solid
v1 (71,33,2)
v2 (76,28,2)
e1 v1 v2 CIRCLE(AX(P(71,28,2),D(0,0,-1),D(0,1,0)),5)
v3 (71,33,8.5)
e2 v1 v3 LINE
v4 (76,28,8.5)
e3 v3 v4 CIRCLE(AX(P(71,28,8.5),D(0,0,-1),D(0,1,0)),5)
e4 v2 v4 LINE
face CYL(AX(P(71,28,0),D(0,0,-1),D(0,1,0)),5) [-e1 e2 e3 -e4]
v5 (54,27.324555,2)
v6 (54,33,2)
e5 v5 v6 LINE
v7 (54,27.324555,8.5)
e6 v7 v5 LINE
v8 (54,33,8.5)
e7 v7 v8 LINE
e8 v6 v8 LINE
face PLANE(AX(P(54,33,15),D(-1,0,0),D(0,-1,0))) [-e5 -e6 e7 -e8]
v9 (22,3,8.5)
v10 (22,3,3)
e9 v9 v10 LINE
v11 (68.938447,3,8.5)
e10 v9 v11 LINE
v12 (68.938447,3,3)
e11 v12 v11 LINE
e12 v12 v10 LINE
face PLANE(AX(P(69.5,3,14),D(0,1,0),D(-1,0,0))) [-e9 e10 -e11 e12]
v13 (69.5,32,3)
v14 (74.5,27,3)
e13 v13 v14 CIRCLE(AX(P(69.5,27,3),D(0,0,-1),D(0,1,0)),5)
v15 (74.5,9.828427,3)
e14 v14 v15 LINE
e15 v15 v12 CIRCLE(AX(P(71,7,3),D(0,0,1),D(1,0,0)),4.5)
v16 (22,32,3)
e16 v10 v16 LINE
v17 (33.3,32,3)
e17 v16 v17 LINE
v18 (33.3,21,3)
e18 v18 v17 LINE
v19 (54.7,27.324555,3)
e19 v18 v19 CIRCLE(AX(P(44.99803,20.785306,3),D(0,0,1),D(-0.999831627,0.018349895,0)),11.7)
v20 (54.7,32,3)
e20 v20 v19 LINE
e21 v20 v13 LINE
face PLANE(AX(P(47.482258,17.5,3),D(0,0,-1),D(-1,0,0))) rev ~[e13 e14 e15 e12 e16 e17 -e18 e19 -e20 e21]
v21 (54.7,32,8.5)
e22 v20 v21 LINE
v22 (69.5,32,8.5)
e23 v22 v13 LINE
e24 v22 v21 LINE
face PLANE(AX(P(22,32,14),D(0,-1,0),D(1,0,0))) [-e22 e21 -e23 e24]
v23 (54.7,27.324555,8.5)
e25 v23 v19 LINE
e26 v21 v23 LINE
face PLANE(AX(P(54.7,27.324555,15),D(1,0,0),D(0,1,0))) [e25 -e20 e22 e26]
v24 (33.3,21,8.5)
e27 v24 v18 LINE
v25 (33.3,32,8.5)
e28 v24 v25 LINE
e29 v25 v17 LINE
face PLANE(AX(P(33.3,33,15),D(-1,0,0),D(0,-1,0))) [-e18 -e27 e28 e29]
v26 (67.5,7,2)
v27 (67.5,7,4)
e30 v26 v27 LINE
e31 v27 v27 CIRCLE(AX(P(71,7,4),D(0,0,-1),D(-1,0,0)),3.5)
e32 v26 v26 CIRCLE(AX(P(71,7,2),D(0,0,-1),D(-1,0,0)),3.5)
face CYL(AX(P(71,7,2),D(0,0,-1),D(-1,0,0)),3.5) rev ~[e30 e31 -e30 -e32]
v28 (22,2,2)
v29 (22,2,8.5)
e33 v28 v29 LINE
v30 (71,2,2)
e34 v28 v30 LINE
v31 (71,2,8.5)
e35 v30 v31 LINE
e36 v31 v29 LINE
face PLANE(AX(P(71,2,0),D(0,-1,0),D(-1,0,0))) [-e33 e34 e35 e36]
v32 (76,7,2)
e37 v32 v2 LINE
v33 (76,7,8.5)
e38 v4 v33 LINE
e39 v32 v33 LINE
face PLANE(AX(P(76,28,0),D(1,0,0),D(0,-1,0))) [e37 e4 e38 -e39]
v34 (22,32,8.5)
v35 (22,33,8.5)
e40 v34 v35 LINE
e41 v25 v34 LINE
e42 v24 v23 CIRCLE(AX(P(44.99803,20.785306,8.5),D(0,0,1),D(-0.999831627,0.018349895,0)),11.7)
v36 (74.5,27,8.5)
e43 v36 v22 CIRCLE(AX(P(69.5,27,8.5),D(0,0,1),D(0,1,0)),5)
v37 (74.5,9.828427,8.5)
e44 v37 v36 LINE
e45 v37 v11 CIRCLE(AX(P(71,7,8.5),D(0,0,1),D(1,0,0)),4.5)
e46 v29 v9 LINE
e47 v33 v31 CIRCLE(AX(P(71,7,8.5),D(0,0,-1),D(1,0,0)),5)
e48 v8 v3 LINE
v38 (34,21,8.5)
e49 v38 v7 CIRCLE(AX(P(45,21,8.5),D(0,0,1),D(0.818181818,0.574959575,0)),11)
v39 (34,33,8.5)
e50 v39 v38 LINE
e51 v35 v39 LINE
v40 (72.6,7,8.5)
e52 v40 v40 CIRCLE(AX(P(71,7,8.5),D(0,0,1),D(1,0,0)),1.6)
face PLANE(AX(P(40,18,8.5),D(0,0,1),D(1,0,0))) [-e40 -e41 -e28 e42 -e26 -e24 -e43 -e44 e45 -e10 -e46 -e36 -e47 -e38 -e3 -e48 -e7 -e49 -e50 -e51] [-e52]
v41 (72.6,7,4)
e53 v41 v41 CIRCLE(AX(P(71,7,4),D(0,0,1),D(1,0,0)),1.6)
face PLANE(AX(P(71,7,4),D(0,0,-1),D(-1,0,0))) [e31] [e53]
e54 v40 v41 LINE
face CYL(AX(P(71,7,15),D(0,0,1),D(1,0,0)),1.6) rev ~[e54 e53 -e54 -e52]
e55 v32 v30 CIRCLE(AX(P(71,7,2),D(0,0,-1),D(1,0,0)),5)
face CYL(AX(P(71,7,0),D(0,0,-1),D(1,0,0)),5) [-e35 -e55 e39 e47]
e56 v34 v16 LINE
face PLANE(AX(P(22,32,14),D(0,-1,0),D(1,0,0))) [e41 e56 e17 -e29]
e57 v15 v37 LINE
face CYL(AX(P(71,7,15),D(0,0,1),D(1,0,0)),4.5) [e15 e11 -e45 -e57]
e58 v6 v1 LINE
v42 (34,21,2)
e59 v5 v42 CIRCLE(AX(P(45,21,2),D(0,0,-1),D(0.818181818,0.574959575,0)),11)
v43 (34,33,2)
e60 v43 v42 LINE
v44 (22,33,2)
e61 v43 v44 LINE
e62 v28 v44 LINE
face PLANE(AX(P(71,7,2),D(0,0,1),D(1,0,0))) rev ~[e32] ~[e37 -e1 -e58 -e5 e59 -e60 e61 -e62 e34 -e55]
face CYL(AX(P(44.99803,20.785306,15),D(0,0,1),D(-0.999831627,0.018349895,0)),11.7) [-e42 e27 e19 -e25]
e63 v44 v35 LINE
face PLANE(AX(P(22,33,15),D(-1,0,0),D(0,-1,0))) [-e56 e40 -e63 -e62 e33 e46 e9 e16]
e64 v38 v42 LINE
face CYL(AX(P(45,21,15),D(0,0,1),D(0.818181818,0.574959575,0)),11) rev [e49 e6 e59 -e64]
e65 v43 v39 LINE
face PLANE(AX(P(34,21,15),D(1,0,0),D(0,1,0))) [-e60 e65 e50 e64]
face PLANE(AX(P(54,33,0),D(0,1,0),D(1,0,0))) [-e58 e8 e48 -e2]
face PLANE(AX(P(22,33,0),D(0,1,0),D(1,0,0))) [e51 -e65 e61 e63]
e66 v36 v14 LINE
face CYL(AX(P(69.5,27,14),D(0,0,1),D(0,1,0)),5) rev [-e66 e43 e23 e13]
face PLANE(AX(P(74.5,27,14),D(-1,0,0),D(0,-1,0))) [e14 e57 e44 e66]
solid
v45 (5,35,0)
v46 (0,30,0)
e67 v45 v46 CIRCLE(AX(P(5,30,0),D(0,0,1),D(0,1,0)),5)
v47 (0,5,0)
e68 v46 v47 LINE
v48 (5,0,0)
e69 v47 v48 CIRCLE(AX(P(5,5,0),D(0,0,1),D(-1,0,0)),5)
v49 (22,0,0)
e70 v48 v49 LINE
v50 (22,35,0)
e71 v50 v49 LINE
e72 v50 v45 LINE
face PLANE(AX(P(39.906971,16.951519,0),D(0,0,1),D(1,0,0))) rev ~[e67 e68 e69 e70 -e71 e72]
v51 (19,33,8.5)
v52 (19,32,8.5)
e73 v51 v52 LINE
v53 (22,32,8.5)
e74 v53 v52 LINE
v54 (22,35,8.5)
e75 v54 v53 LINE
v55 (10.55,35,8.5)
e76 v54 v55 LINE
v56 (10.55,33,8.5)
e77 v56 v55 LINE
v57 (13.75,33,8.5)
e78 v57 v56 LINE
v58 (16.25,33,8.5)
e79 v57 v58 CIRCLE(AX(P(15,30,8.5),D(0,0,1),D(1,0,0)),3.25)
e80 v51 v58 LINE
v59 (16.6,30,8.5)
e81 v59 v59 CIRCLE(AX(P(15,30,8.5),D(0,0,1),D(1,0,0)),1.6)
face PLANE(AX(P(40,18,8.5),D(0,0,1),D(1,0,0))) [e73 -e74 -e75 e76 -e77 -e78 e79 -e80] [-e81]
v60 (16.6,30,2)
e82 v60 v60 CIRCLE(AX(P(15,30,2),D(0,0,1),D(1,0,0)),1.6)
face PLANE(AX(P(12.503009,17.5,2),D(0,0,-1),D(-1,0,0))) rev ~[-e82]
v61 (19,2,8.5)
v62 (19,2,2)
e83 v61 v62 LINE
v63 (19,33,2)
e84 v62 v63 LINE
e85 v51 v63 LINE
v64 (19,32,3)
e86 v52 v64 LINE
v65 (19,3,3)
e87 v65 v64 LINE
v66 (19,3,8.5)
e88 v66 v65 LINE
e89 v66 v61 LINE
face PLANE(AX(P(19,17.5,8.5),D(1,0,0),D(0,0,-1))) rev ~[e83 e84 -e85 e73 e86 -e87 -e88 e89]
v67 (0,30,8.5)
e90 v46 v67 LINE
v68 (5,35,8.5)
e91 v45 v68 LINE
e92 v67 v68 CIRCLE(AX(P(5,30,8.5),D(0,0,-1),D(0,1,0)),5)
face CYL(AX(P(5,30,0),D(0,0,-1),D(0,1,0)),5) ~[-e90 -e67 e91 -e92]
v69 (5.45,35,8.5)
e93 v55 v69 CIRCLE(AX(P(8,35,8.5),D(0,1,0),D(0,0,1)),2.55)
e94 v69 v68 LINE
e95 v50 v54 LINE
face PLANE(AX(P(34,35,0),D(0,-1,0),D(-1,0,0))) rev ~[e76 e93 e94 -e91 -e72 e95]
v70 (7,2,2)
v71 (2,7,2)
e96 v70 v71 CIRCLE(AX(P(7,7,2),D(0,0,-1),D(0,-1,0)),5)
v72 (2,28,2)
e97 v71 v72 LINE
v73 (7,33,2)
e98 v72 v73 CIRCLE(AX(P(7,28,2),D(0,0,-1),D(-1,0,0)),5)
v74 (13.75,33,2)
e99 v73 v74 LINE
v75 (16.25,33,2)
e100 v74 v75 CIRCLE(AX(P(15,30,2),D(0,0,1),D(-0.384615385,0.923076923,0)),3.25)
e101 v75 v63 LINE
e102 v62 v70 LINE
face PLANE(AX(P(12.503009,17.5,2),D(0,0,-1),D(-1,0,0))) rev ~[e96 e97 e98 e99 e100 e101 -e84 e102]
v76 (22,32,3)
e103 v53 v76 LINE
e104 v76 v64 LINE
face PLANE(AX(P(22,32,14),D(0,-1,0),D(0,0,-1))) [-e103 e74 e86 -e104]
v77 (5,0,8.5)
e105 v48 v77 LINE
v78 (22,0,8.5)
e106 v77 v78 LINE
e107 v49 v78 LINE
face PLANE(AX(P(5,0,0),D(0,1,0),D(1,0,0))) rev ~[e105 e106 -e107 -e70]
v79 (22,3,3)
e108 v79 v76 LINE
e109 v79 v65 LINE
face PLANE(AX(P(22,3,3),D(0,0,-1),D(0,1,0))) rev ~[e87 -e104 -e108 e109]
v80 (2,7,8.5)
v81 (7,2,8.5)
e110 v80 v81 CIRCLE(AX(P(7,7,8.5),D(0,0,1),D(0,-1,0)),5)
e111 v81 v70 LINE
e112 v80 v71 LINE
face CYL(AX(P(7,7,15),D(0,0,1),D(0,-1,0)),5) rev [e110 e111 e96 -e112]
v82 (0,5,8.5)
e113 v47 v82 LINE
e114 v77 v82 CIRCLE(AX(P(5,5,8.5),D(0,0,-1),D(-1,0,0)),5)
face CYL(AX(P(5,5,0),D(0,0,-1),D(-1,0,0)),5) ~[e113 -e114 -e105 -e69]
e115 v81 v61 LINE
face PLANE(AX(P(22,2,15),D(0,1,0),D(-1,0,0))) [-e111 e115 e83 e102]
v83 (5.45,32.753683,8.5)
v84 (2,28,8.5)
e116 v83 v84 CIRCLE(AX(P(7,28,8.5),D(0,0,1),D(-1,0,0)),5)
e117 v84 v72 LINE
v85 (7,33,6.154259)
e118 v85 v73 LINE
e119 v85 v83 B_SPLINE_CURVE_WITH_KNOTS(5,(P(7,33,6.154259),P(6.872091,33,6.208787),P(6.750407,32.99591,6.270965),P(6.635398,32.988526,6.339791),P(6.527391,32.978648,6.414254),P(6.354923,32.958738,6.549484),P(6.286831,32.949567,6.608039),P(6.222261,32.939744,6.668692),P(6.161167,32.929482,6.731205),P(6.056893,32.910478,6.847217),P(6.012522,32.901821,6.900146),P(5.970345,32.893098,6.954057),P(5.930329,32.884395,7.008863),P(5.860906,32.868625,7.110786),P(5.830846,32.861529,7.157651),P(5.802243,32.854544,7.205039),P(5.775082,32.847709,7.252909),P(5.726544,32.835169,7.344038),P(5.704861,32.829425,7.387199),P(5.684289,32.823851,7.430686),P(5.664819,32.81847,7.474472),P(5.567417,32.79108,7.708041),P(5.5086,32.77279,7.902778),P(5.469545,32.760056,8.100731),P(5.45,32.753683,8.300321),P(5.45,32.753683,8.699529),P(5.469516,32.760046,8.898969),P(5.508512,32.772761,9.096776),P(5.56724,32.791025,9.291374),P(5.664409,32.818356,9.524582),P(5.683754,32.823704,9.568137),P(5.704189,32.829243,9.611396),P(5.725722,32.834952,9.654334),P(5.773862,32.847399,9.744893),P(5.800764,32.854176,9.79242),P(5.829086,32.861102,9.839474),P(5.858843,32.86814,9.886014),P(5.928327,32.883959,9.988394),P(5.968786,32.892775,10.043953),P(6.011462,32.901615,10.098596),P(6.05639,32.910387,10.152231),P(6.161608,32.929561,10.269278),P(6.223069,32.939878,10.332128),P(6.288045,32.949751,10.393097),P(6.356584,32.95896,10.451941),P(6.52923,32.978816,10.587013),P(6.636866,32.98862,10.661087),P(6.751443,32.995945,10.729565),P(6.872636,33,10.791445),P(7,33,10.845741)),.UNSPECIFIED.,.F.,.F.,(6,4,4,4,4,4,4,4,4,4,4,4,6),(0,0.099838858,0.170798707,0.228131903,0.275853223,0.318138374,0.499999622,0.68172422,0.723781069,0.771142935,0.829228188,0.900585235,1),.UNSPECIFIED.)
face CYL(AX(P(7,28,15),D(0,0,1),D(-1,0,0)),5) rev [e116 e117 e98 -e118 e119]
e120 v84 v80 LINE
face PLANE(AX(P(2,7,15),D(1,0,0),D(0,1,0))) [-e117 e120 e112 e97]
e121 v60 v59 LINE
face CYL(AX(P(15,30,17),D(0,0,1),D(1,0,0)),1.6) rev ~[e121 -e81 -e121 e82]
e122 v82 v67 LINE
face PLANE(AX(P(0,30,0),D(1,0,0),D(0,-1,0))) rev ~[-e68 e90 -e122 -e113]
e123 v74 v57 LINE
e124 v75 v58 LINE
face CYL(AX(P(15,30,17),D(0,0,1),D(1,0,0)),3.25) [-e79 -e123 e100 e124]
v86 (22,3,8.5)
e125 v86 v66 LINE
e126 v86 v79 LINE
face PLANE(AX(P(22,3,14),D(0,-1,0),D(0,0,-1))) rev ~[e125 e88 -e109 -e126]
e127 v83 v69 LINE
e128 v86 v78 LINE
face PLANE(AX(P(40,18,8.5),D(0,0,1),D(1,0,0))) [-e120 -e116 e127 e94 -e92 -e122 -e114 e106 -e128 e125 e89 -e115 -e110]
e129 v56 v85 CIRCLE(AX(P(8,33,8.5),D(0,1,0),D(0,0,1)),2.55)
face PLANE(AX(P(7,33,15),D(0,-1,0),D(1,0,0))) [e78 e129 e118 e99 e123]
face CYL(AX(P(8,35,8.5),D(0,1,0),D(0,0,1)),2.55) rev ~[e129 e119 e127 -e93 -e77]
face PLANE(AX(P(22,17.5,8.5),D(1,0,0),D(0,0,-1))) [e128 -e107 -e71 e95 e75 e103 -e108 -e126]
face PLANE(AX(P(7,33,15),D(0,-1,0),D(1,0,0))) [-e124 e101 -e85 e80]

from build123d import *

# Parameters (mm, degrees)
BOSS_EXTRUDE1_DEPTH  = 17
CUT_EXTRUDE1_START   = -17
SKETCH3_W            = 12
SKETCH3_H            = 2
CUT_EXTRUDE1_DEPTH   = 17
CUT_EXTRUDE2_START   = -2
CUT_EXTRUDE2_DEPTH   = 2
SKETCH5_W            = 60
SKETCH5_H            = 35
CUT_EXTRUDE3_DEPTH   = 2
CUT_EXTRUDE4_DEPTH   = 11
CUT_EXTRUDE11_DEPTH  = 13
BOSS_EXTRUDE2_DEPTH  = 2
SKETCH13_R           = 2.5
CUT_EXTRUDE12_DEPTH  = 5
SKETCH14_R           = 2.55
CUT_EXTRUDE14_DEPTH  = 15
BOSS_EXTRUDE5_REACH  = 87.381
SKETCH15_R           = 3.25
SKETCH15_R_2         = 1.6
SKETCH15_4_R         = 3.25
SKETCH15_4_R_2       = 1.6
CUT_EXTRUDE16_DEPTH  = 1
SKETCH18_R           = 1.6
CUT_EXTRUDE17_DEPTH  = 15
SKETCH20_R           = 4.5
SKETCH20_R_2         = 1.6
BOSS_EXTRUDE6_DEPTH  = 13
SKETCH20_3_R         = 1.6
CUT_EXTRUDE20_DEPTH  = 86.005882191
SKETCH22_W           = 13
SKETCH22_H           = 31
SKETCH22_W_2         = 11
SKETCH22_H_2         = 29
BOSS_EXTRUDE7_DEPTH  = 3
SKETCH21_R           = 3.5
CUT_EXTRUDE21_DEPTH  = 2
SKETCH29_R           = 3.5
CUT_EXTRUDE22_DEPTH  = 2.5
BOSS_EXTRUDE10_DEPTH = 13
SKETCH24_W           = 80
SKETCH24_H           = 36
CUT_EXTRUDE23_DEPTH  = 10


with BuildPart() as part:
    # Sketch1 → Boss-Extrude1 (new body)
    with BuildSketch(Plane.XY):
        with BuildLine():
            ThreePointArc((0, 5), (1.464466094, 1.464466094), (5, 0))
            Line((5, 0), (73, 0))
            ThreePointArc((73, 0), (76.535533906, 1.464466094), (78, 5))
            Line((78, 5), (78, 30))
            ThreePointArc((78, 30), (76.535533906, 33.535533906), (73, 35))
            Line((73, 35), (54, 35))
            Line((54, 35), (54, 27.32455532))
            ThreePointArc((54, 27.32455532), (48.31662479, 10.511911518), (34, 21))
            Line((34, 21), (34, 35))
            Line((34, 35), (5, 35))
            ThreePointArc((5, 35), (1.464466094, 33.535533906), (0, 30))
            Line((0, 30), (0, 5))
        make_face()
    extrude(amount=BOSS_EXTRUDE1_DEPTH)

    # Sketch3 → Cut-Extrude1 (cut)
    with BuildSketch(Plane.XY.offset(17).offset(CUT_EXTRUDE1_START)):
        with Locations((28, 34)):
            Rectangle(SKETCH3_W, SKETCH3_H)
        with BuildLine():
            Line((54, 33), (71, 33))
            ThreePointArc((71, 33), (74.535533906, 31.535533906), (76, 28))
            Line((76, 28), (76, 7))
            ThreePointArc((76, 7), (74.535533906, 3.464466094), (71, 2))
            Line((71, 2), (22, 2))
            Line((22, 2), (22, 0))
            Line((22, 0), (73, 0))
            ThreePointArc((73, 0), (76.535533906, 1.464466094), (78, 5))
            Line((78, 5), (78, 30))
            ThreePointArc((78, 30), (76.535533906, 33.535533906), (73, 35))
            Line((73, 35), (54, 35))
            Line((54, 35), (54, 33))
        make_face()
    extrude(amount=CUT_EXTRUDE1_DEPTH, mode=Mode.SUBTRACT)

    # Sketch3<3> → Cut-Extrude2 (cut)
    with BuildSketch(Plane.XY.offset(17).offset(CUT_EXTRUDE2_START)):
        with BuildLine():
            ThreePointArc((76, 28), (74.535533906, 31.535533906), (71, 33))
            Line((71, 33), (54, 33))
            Line((54, 33), (54, 27.32455532))
            ThreePointArc((54, 27.32455532), (48.31662479, 10.511911518), (34, 21))
            Line((34, 21), (34, 33))
            Line((34, 33), (22, 33))
            Line((22, 33), (22, 2))
            Line((22, 2), (71, 2))
            ThreePointArc((71, 2), (74.535533906, 3.464466094), (76, 7))
            Line((76, 7), (76, 28))
        make_face()
    extrude(amount=CUT_EXTRUDE2_DEPTH, mode=Mode.SUBTRACT)

    # Sketch5 → Cut-Extrude3 (cut)
    with BuildSketch(Plane(origin=(0, 0, 0), x_dir=(-1, 0, 0), z_dir=(0, 0, -1))):
        with Locations((-52, 15.5)):
            Rectangle(SKETCH5_W, SKETCH5_H)
    extrude(amount=-CUT_EXTRUDE3_DEPTH, mode=Mode.SUBTRACT)

    # Sketch6 → Cut-Extrude4 (cut)
    with BuildSketch(Plane.XY.offset(14)):
        with BuildLine():
            Line((22, 32), (69.5, 32))
            ThreePointArc((69.5, 32), (73.035533906, 30.535533906), (74.5, 27))
            Line((74.5, 27), (74.5, 8))
            ThreePointArc((74.5, 8), (73.035533906, 4.464466094), (69.5, 3))
            Line((69.5, 3), (22, 3))
            Line((22, 3), (22, 32))
        make_face()
    extrude(amount=-CUT_EXTRUDE4_DEPTH, mode=Mode.SUBTRACT)

    # Sketch11 → Cut-Extrude11 (cut)
    with BuildSketch(Plane.XY.offset(15)):
        with BuildLine():
            Line((22, 2), (7, 2))
            ThreePointArc((7, 2), (3.464466094, 3.464466094), (2, 7))
            Line((2, 7), (2, 28))
            ThreePointArc((2, 28), (3.464466094, 31.535533906), (7, 33))
            Line((7, 33), (22, 33))
            Line((22, 33), (22, 2))
        make_face()
    extrude(amount=-CUT_EXTRUDE11_DEPTH, mode=Mode.SUBTRACT)


with BuildPart() as cut_extrude11_piece_1:
    # of the separate pieces the step leaves, piece 1, a body of its own (cut_extrude11_pieces)
    add(part.part.solids().sort_by_distance((0, 30, 0))[0])

    # Sketch13 → Cut-Extrude12 (cut)
    with BuildSketch(Plane.XY.offset(17)):
        with Locations((5, 7)):
            Circle(SKETCH13_R)
    extrude(amount=-CUT_EXTRUDE12_DEPTH, mode=Mode.SUBTRACT)

    # Sketch14 → Cut-Extrude14 (cut)
    with BuildSketch(Plane(origin=(0, 35, 0), x_dir=(1, 0, 0), z_dir=(0, 1, 0))):
        with Locations(Location((8, -8.5, 0), (0, 0, 270))):
            Circle(SKETCH14_R)
    extrude(amount=-CUT_EXTRUDE14_DEPTH, mode=Mode.SUBTRACT)

    # Sketch15 → Boss-Extrude5 (add, up to next)
    with BuildSketch(Plane.XY.offset(17), mode=Mode.PRIVATE) as boss_extrude5_sk1:
        with Locations((15, 30)):
            Circle(SKETCH15_R)
        with Locations((15, 30)):
            Circle(SKETCH15_R_2, mode=Mode.SUBTRACT)
    boss_extrude5_tool1 = extrude(boss_extrude5_sk1.sketch, amount=-BOSS_EXTRUDE5_REACH, mode=Mode.PRIVATE) - cut_extrude11_piece_1.part
    add(boss_extrude5_tool1.solids().sort_by_distance((11.841924, 30, 17))[0])

    # Sketch15<4> → Cut-Extrude16 (cut)
    with BuildSketch(Plane.XY.offset(17)):
        with Locations((15, 30)):
            Circle(SKETCH15_4_R)
        with Locations((15, 30)):
            Circle(SKETCH15_4_R_2, mode=Mode.SUBTRACT)
    extrude(amount=-CUT_EXTRUDE16_DEPTH, mode=Mode.SUBTRACT)

    # Sketch18 → Cut-Extrude17 (cut)
    with BuildSketch(Plane.XY.offset(17)):
        with Locations((15, 30)):
            Circle(SKETCH18_R)
    extrude(amount=-CUT_EXTRUDE17_DEPTH, mode=Mode.SUBTRACT)

    # Sketch22 → Boss-Extrude7 (add)
    with BuildSketch(Plane(origin=(22, 0, 0), x_dir=(0, 0, -1), z_dir=(1, 0, 0))):
        with Locations((-8.5, 17.5)):
            Rectangle(SKETCH22_W, SKETCH22_H)
        with Locations((-8.5, 17.5)):
            Rectangle(SKETCH22_W_2, SKETCH22_H_2, mode=Mode.SUBTRACT)
    extrude(amount=-BOSS_EXTRUDE7_DEPTH)


with BuildPart() as cut_extrude11_piece_2:
    # of the separate pieces the step leaves, piece 2, a body of its own (cut_extrude11_pieces)
    add(part.part.solids().sort_by_distance((34, 33, 2))[0])

    # Sketch12 → Boss-Extrude2 (add)
    with BuildSketch(Plane.XY.offset(15)):
        with BuildLine():
            Line((39.5, 5.75), (40.7, 5.75))
            ThreePointArc((40.7, 5.75), (41.053553391, 5.603553391), (41.2, 5.25))
            Line((41.2, 5.25), (41.2, 4.75))
            ThreePointArc((41.2, 4.75), (41.053553391, 4.396446609), (40.7, 4.25))
            Line((40.7, 4.25), (39.5, 4.25))
            ThreePointArc((39.5, 4.25), (39.146446609, 4.396446609), (39, 4.75))
            Line((39, 4.75), (39, 5.25))
            ThreePointArc((39, 5.25), (39.146446609, 5.603553391), (39.5, 5.75))
        make_face()
    extrude(amount=BOSS_EXTRUDE2_DEPTH)

    # Sketch20 → Boss-Extrude6 (add)
    with BuildSketch(Plane.XY.offset(15)):
        with Locations((71, 7)):
            Circle(SKETCH20_R)
        with Locations((71, 7)):
            Circle(SKETCH20_R_2, mode=Mode.SUBTRACT)
    extrude(amount=-BOSS_EXTRUDE6_DEPTH)

    # Sketch20<3> → Cut-Extrude20 (cut, through all)
    with BuildSketch(Plane.XY.offset(15)):
        with Locations((71, 7)):
            Circle(SKETCH20_3_R)
    extrude(amount=-CUT_EXTRUDE20_DEPTH, mode=Mode.SUBTRACT)

    # Sketch21 → Cut-Extrude21 (cut)
    with BuildSketch(Plane(origin=(0, 0, 2), x_dir=(-1, 0, 0), z_dir=(0, 0, -1))):
        with Locations((-71, 7)):
            Circle(SKETCH21_R)
    extrude(amount=-CUT_EXTRUDE21_DEPTH, mode=Mode.SUBTRACT)

    # Sketch29 → Cut-Extrude22 (cut)
    with BuildSketch(Plane.XY.offset(15)):
        with Locations(Location((71, 7, 0), (0, 0, 180))):
            Circle(SKETCH29_R)
    extrude(amount=-CUT_EXTRUDE22_DEPTH, mode=Mode.SUBTRACT)

    # Sketch36 → Boss-Extrude10 (add)
    with BuildSketch(Plane.XY.offset(15)):
        with BuildLine():
            Line((34, 21), (34, 33))
            Line((34, 33), (33.3, 33))
            Line((33.3, 33), (33.3, 21))
            ThreePointArc((33.3, 21), (48.314061384, 9.565059525), (54.7, 27.32455532))
            Line((54.7, 27.32455532), (54.7, 33))
            Line((54.7, 33), (54, 33))
            Line((54, 33), (54, 27.32455532))
            ThreePointArc((54, 27.32455532), (48.31662479, 10.511911518), (34, 21))
        make_face()
    extrude(amount=-BOSS_EXTRUDE10_DEPTH)


with BuildPart() as cut_extrude23_tool:
    # Sketch24 → Cut-Extrude23 (new body)
    with BuildSketch(Plane.XY.offset(8.5)):
        with Locations((40, 18)):
            Rectangle(SKETCH24_W, SKETCH24_H)
    extrude(amount=CUT_EXTRUDE23_DEPTH)


with BuildPart() as cut_extrude11_piece_1_1:
    add(cut_extrude11_piece_1.part)

    # Cut-Extrude23: cut by cut_extrude23_tool
    add(cut_extrude23_tool.part, mode=Mode.SUBTRACT)


with BuildPart() as cut_extrude11_piece_2_1:
    add(cut_extrude11_piece_2.part)

    # Cut-Extrude23: cut by cut_extrude23_tool
    add(cut_extrude23_tool.part, mode=Mode.SUBTRACT)


solid = Compound([cut_extrude11_piece_1_1.part, cut_extrude11_piece_2_1.part])
